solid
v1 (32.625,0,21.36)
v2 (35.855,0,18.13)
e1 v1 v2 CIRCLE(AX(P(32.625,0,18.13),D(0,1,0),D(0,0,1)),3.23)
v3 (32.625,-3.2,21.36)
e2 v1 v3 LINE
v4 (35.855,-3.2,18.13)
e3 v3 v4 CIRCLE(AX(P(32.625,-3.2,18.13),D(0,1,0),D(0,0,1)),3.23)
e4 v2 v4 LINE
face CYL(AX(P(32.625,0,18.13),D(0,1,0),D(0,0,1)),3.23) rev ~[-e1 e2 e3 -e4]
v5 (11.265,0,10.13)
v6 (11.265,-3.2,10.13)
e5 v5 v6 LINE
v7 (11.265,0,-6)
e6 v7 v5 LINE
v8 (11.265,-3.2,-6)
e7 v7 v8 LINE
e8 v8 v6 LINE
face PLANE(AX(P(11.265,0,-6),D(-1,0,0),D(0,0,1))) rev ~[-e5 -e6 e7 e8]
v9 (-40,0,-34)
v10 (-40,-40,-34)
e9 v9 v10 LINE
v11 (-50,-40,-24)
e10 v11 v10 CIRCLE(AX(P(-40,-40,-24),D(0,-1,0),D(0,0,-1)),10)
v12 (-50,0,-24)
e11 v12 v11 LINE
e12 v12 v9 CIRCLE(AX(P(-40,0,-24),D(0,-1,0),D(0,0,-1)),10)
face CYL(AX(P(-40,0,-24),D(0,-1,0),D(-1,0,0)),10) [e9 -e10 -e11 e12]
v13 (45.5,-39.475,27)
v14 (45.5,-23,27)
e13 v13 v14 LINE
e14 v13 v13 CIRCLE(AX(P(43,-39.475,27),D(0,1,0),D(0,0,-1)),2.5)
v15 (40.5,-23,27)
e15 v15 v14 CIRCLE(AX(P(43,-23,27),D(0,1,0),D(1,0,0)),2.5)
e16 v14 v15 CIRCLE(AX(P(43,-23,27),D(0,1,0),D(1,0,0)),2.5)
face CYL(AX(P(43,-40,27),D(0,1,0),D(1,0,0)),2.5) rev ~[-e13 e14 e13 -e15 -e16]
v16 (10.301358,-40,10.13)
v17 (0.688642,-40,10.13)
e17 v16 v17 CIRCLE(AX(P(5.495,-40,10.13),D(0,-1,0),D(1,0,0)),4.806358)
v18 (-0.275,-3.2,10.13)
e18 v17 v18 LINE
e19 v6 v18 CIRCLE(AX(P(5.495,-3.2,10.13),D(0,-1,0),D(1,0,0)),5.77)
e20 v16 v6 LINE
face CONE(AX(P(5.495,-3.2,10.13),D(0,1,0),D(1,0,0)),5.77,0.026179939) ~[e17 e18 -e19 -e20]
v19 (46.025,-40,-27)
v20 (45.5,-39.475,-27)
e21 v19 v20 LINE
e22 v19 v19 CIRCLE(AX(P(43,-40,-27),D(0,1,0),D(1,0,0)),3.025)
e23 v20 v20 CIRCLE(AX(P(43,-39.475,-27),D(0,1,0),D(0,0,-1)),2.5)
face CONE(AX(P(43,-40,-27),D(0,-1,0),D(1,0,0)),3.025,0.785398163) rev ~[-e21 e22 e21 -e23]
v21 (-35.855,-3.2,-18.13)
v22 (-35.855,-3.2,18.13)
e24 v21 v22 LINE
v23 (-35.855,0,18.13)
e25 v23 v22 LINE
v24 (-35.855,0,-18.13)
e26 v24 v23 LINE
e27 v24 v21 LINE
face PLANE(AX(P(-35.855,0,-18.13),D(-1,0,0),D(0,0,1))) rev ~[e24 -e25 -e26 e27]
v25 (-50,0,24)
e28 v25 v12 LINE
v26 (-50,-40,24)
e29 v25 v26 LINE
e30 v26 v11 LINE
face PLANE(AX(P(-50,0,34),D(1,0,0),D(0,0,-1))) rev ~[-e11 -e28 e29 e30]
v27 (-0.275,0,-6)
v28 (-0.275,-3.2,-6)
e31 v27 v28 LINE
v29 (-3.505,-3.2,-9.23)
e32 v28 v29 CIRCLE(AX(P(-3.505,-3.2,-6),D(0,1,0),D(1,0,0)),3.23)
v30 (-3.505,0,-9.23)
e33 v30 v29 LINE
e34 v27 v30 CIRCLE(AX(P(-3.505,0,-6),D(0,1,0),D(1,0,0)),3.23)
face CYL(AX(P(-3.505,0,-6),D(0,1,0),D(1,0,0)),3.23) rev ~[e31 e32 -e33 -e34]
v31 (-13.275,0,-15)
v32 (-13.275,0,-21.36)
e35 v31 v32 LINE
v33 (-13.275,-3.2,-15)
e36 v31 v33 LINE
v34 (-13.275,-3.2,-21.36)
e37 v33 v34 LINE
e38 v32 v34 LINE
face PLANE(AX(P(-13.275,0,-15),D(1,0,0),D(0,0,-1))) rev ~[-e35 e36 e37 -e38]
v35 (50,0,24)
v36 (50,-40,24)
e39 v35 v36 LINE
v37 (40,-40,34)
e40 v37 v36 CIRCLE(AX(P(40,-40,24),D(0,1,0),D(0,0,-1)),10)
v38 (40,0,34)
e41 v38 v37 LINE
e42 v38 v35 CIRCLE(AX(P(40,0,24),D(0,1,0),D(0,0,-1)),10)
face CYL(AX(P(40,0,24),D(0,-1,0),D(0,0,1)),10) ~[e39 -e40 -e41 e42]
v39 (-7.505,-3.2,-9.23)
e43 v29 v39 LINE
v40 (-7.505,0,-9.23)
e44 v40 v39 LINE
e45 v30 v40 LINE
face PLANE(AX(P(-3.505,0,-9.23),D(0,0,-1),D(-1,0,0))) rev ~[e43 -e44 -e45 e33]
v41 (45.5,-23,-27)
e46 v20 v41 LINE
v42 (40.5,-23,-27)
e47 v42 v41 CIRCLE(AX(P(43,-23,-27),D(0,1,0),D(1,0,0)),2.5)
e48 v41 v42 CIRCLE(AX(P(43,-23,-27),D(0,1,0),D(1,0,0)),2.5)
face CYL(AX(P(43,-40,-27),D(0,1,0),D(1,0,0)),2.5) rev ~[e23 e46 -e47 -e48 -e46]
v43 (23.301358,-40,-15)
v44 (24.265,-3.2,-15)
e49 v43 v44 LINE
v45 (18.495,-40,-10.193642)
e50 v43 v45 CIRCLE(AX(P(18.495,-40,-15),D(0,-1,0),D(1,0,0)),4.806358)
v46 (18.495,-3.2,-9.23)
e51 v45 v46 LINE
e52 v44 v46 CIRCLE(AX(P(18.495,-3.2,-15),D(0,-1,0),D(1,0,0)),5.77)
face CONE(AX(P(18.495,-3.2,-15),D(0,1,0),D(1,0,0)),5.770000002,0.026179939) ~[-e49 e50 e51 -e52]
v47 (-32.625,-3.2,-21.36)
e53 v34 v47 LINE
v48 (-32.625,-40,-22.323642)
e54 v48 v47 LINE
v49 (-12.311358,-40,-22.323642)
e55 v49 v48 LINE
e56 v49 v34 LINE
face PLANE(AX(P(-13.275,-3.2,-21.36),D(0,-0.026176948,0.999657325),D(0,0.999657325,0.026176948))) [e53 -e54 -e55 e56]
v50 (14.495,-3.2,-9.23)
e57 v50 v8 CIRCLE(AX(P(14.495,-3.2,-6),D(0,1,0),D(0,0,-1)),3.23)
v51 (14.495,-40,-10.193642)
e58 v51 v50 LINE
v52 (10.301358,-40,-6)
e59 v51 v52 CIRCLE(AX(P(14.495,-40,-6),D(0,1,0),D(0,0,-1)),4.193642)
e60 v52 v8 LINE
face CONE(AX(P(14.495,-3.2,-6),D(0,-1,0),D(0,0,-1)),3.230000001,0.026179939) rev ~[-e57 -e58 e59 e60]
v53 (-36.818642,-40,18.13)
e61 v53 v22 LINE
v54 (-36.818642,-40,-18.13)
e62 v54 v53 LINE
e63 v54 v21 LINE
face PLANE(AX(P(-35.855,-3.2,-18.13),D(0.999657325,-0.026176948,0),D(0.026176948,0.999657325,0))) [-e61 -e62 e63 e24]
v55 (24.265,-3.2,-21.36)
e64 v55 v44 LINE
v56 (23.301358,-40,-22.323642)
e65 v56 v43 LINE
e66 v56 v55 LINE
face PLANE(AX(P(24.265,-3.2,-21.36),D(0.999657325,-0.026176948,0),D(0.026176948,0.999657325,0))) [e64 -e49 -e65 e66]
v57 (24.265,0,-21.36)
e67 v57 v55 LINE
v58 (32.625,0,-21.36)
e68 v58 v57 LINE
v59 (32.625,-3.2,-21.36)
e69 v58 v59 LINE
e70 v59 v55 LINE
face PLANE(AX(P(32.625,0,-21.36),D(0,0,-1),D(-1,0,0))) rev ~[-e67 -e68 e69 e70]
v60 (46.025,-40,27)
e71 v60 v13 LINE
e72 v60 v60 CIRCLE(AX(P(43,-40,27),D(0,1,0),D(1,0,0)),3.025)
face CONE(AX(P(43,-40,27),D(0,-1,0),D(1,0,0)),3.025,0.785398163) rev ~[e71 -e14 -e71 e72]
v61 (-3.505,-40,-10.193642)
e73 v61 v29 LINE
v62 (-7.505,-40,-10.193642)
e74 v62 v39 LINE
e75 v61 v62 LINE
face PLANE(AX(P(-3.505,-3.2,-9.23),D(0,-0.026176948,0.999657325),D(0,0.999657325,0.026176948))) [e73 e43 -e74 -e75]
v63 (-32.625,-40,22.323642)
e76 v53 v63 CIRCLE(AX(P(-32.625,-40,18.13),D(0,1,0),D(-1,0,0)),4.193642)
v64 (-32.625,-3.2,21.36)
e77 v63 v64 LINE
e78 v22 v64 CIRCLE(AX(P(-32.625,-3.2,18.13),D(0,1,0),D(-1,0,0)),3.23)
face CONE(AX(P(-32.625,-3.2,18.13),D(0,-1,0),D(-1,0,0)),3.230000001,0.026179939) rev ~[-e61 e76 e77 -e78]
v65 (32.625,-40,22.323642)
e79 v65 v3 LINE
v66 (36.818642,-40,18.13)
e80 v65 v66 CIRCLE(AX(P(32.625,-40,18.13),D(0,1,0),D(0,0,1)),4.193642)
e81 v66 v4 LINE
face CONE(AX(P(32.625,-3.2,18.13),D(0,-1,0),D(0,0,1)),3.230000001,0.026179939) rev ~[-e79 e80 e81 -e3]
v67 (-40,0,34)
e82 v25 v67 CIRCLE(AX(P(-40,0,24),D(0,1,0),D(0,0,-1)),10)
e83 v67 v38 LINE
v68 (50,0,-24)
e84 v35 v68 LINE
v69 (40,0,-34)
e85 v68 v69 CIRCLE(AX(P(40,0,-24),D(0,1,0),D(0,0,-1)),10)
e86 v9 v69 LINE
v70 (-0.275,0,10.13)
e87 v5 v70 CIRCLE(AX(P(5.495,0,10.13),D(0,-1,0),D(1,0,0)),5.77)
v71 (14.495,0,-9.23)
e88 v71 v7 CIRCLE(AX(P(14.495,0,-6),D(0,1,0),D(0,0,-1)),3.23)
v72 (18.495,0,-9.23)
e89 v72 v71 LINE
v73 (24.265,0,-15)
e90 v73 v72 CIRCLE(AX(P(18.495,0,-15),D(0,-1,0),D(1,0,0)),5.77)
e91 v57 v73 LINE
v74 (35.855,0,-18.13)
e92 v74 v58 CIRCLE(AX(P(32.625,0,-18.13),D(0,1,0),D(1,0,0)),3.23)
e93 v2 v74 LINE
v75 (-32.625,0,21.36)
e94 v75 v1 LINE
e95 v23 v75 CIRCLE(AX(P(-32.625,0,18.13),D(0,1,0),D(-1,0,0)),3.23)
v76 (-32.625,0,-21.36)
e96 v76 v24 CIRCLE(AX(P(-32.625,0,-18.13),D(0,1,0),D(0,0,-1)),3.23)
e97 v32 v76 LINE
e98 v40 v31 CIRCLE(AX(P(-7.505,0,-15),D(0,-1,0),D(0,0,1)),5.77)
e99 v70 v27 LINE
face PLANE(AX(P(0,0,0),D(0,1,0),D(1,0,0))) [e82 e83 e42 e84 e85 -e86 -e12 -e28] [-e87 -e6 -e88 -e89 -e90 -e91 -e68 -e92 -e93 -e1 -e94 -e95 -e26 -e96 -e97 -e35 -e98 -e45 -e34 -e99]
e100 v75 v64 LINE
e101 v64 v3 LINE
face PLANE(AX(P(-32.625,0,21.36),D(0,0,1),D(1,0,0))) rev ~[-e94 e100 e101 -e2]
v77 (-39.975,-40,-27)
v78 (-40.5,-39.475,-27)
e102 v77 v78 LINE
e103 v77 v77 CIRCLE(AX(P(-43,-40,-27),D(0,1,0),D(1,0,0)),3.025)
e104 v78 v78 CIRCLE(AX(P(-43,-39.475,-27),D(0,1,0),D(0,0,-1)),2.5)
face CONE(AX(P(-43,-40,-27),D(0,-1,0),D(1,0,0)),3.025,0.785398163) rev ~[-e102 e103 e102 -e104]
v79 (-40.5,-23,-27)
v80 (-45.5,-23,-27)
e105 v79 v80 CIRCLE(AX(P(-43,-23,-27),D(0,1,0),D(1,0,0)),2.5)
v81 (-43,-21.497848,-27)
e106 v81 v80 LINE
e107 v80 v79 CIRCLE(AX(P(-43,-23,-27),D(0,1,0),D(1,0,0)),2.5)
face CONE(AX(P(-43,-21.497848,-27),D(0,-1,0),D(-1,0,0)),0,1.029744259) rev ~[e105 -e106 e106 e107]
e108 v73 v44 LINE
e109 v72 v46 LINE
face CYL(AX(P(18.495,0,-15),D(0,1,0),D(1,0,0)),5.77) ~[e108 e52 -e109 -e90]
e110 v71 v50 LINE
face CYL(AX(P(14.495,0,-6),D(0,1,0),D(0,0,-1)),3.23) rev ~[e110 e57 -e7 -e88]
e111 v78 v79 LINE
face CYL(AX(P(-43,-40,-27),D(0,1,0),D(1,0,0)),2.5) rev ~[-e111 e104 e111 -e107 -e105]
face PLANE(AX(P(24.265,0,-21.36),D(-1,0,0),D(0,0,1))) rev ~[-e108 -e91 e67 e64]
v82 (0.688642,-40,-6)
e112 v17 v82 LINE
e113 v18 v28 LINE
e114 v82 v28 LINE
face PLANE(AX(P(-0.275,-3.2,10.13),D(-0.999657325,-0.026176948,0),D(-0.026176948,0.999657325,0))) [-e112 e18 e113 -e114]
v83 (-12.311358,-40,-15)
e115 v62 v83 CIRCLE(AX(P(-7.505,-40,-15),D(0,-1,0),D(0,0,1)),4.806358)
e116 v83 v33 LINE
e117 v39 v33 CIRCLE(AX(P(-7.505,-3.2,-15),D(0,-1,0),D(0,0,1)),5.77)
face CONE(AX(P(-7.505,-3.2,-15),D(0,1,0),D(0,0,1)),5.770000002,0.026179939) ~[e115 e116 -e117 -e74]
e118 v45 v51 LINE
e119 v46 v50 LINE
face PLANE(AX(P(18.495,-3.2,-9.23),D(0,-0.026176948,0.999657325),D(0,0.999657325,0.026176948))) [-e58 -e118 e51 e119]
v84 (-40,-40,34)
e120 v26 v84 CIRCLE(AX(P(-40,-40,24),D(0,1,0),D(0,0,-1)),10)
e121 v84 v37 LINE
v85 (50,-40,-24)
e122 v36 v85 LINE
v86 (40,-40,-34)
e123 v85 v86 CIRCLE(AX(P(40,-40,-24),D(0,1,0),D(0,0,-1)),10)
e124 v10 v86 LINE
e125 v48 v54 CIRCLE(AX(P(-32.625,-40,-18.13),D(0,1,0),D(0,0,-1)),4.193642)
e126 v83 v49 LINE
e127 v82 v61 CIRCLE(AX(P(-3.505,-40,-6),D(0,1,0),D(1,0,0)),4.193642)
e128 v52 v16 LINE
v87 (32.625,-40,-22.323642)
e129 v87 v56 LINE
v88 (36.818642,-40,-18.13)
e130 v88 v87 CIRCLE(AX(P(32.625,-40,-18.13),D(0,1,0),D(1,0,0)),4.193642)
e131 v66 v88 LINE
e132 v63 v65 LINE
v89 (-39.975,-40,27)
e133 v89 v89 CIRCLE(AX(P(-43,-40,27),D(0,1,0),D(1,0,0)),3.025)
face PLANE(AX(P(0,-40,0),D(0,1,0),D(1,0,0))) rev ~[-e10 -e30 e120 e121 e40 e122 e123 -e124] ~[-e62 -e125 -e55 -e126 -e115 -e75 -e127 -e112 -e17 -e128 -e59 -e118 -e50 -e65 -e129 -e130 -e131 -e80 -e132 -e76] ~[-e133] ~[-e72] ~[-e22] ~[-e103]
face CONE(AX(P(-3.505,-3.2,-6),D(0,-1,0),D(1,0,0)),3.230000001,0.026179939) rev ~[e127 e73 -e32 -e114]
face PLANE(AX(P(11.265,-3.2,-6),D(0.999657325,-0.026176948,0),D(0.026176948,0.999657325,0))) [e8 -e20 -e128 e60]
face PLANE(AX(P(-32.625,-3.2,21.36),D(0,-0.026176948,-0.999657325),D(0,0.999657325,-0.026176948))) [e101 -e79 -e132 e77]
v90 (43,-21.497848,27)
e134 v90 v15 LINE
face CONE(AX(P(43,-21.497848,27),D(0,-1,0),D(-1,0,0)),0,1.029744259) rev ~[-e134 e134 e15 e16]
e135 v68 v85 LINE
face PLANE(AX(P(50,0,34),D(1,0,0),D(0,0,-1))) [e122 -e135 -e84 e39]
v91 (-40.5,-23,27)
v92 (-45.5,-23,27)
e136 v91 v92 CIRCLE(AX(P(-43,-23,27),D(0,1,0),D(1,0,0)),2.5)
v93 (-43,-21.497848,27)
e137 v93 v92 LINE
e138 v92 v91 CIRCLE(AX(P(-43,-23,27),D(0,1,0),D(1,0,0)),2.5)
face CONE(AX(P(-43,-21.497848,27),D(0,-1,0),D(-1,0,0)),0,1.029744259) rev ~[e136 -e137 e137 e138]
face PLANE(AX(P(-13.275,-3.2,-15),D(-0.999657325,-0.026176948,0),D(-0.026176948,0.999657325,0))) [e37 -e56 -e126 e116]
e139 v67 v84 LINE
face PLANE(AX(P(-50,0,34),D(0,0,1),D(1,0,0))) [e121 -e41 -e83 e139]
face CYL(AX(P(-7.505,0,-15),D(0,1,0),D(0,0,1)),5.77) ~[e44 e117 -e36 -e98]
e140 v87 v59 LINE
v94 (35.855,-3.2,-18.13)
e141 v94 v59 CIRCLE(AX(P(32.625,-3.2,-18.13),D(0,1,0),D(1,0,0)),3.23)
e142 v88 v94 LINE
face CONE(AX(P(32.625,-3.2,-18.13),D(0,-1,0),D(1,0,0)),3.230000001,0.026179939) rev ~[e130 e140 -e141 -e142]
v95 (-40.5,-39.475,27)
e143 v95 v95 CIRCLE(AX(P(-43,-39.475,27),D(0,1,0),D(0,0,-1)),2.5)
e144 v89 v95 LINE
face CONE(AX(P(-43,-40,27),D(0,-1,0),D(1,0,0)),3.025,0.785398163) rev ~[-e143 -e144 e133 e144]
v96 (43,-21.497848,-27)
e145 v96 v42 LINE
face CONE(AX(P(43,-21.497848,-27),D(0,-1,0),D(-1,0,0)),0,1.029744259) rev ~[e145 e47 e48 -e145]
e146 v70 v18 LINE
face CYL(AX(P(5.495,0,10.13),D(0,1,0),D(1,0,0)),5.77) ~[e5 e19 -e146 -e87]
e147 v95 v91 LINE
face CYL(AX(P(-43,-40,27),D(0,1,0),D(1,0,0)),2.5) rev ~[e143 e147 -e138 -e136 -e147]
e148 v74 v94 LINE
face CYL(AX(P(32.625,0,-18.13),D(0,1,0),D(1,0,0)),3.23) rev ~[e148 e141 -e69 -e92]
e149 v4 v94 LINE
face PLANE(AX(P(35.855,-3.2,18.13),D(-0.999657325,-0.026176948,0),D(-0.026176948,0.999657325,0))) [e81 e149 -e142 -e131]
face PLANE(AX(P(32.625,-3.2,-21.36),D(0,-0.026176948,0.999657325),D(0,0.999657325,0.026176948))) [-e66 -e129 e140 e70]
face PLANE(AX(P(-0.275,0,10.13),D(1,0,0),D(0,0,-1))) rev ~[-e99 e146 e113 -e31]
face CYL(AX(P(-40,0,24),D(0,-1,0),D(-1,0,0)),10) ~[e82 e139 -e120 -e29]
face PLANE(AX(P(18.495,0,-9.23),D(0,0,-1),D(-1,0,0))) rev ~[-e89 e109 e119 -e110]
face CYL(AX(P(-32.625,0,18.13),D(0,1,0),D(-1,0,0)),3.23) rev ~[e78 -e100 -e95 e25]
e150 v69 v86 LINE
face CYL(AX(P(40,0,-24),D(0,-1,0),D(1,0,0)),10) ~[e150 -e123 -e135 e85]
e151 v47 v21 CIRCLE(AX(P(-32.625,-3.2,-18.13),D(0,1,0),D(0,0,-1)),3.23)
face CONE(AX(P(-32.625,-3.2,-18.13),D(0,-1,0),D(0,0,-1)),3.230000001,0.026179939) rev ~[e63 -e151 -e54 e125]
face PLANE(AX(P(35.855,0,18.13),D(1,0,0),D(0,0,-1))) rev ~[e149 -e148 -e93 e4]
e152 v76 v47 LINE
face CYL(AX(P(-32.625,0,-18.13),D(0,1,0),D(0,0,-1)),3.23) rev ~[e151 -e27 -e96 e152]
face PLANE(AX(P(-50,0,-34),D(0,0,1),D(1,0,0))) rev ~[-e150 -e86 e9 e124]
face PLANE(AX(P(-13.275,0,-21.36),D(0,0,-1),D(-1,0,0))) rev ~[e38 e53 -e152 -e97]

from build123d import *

# Parameters (mm, degrees)
SKETCH1_W                   = 100
SKETCH1_H                   = 68
BOSS_EXTRUDE1_DEPTH         = 40
FILLET1_R                   = 10
CUT_EXTRUDE1_REACH          = 74.498
M6_TAPPED_HOLE1_D           = 5
M6_TAPPED_HOLE1_DEPTH       = 17
M6_TAPPED_HOLE1_CSINK_D     = 6.05
M6_TAPPED_HOLE1_CSINK_ANGLE = 90
M6_TAPPED_HOLE1_TIP         = 1.502151548


with BuildPart() as part:
    # Sketch1 → Boss-Extrude1 (new body)
    with BuildSketch(Plane(origin=(0, 0, 0), x_dir=(1, 0, 0), z_dir=(0, 1, 0))):
        Rectangle(SKETCH1_W, SKETCH1_H)
    extrude(amount=-BOSS_EXTRUDE1_DEPTH)

    # Fillet1
    fillet1_edges = [part.edges().sort_by_distance(p)[0] for p in [
        (50, -20, 34),
        (-50, -20, 34),
        (-50, -20, -34),
        (50, -20, -34),
    ]]
    fillet(fillet1_edges, radius=FILLET1_R)

    # Sketch2 → Cut-Extrude1 (cut, up to next)
    with BuildSketch(Plane(origin=(0, 0, 0), x_dir=(1, 0, 0), z_dir=(0, 1, 0)), mode=Mode.PRIVATE) as cut_extrude1_sk1:
        with BuildLine():
            Line((-32.625, -21.36), (32.625, -21.36))
            ThreePointArc((32.625, -21.36), (34.908954903, -20.413954903), (35.855, -18.13))
            Line((35.855, -18.13), (35.855, 18.13))
            ThreePointArc((35.855, 18.13), (34.908954903, 20.413954903), (32.625, 21.36))
            Line((32.625, 21.36), (24.265, 21.36))
            Line((24.265, 21.36), (24.265, 15))
            ThreePointArc((24.265, 15), (22.575006127, 10.919993873), (18.495, 9.23))
            Line((18.495, 9.23), (14.495, 9.23))
            ThreePointArc((14.495, 9.23), (12.211045097, 8.283954903), (11.265, 6))
            Line((11.265, 6), (11.265, -10.13))
            ThreePointArc((11.265, -10.13), (5.495, -15.9), (-0.275, -10.13))
            Line((-0.275, -10.13), (-0.275, 6))
            ThreePointArc((-0.275, 6), (-1.221045097, 8.283954903), (-3.505, 9.23))
            Line((-3.505, 9.23), (-7.505, 9.23))
            ThreePointArc((-7.505, 9.23), (-11.585006127, 10.919993873), (-13.275, 15))
            Line((-13.275, 15), (-13.275, 21.36))
            Line((-13.275, 21.36), (-32.625, 21.36))
            ThreePointArc((-32.625, 21.36), (-34.908954903, 20.413954903), (-35.855, 18.13))
            Line((-35.855, 18.13), (-35.855, -18.13))
            ThreePointArc((-35.855, -18.13), (-34.908954903, -20.413954903), (-32.625, -21.36))
        make_face()
    cut_extrude1_tool1 = extrude(cut_extrude1_sk1.sketch, amount=-CUT_EXTRUDE1_REACH, mode=Mode.PRIVATE) & part.part
    add(cut_extrude1_tool1.solids().sort_by_distance((-1.698637, 0, 2.611892))[0], mode=Mode.SUBTRACT)

    # Cut-Sweep1: sweep along a path in Sketch5
    with BuildLine(Plane(origin=(0, 0, 0), x_dir=(1, 0, 0), z_dir=(0, 1, 0))) as cut_sweep1_path:
        Line((-32.625, -21.36), (32.625, -21.36))
        ThreePointArc((32.625, -21.36), (34.908954903, -20.413954903), (35.855, -18.13))
        Line((35.855, -18.13), (35.855, 18.13))
        ThreePointArc((35.855, 18.13), (34.908954903, 20.413954903), (32.625, 21.36))
        Line((32.625, 21.36), (24.265, 21.36))
        Line((24.265, 21.36), (24.265, 15))
        ThreePointArc((24.265, 15), (22.575006127, 10.919993873), (18.495, 9.23))
        Line((18.495, 9.23), (14.495, 9.23))
        ThreePointArc((14.495, 9.23), (12.211045097, 8.283954903), (11.265, 6))
        Line((11.265, 6), (11.265, -10.13))
        ThreePointArc((11.265, -10.13), (5.495, -15.9), (-0.275, -10.13))
        Line((-0.275, -10.13), (-0.275, 6))
        ThreePointArc((-0.275, 6), (-1.221045097, 8.283954903), (-3.505, 9.23))
        Line((-3.505, 9.23), (-7.505, 9.23))
        ThreePointArc((-7.505, 9.23), (-11.585006127, 10.919993873), (-13.275, 15))
        Line((-13.275, 15), (-13.275, 21.36))
        Line((-13.275, 21.36), (-32.625, 21.36))
        ThreePointArc((-32.625, 21.36), (-34.908954903, 20.413954903), (-35.855, 18.13))
        Line((-35.855, 18.13), (-35.855, -18.13))
        ThreePointArc((-35.855, -18.13), (-34.908954903, -20.413954903), (-32.625, -21.36))
    # Sketch3 → Cut-Sweep1 (sweep, cut)
    with BuildSketch(Plane.XY):
        Polygon((35.855, -3.2), (36.818641914, -40), (34.855, -40), (34.855, -3.2), align=None)
    sweep(path=cut_sweep1_path.line, transition=Transition.RIGHT, mode=Mode.SUBTRACT)

    # M6 Tapped Hole1
    with Locations(Plane(origin=(0, -40, 0), x_dir=(-1, 0, 0), z_dir=(0, -1, 0))):
        with Locations((-43, 27), (43, 27), (43, -27), (-43, -27)):
            CounterSinkHole(M6_TAPPED_HOLE1_D / 2, M6_TAPPED_HOLE1_CSINK_D / 2, depth=M6_TAPPED_HOLE1_DEPTH, counter_sink_angle=M6_TAPPED_HOLE1_CSINK_ANGLE)
            with Locations((0, 0, -(M6_TAPPED_HOLE1_DEPTH + M6_TAPPED_HOLE1_TIP / 2))):  # 118° drill point
                Cone(0, M6_TAPPED_HOLE1_D / 2, M6_TAPPED_HOLE1_TIP, mode=Mode.SUBTRACT)


solid = part.part
